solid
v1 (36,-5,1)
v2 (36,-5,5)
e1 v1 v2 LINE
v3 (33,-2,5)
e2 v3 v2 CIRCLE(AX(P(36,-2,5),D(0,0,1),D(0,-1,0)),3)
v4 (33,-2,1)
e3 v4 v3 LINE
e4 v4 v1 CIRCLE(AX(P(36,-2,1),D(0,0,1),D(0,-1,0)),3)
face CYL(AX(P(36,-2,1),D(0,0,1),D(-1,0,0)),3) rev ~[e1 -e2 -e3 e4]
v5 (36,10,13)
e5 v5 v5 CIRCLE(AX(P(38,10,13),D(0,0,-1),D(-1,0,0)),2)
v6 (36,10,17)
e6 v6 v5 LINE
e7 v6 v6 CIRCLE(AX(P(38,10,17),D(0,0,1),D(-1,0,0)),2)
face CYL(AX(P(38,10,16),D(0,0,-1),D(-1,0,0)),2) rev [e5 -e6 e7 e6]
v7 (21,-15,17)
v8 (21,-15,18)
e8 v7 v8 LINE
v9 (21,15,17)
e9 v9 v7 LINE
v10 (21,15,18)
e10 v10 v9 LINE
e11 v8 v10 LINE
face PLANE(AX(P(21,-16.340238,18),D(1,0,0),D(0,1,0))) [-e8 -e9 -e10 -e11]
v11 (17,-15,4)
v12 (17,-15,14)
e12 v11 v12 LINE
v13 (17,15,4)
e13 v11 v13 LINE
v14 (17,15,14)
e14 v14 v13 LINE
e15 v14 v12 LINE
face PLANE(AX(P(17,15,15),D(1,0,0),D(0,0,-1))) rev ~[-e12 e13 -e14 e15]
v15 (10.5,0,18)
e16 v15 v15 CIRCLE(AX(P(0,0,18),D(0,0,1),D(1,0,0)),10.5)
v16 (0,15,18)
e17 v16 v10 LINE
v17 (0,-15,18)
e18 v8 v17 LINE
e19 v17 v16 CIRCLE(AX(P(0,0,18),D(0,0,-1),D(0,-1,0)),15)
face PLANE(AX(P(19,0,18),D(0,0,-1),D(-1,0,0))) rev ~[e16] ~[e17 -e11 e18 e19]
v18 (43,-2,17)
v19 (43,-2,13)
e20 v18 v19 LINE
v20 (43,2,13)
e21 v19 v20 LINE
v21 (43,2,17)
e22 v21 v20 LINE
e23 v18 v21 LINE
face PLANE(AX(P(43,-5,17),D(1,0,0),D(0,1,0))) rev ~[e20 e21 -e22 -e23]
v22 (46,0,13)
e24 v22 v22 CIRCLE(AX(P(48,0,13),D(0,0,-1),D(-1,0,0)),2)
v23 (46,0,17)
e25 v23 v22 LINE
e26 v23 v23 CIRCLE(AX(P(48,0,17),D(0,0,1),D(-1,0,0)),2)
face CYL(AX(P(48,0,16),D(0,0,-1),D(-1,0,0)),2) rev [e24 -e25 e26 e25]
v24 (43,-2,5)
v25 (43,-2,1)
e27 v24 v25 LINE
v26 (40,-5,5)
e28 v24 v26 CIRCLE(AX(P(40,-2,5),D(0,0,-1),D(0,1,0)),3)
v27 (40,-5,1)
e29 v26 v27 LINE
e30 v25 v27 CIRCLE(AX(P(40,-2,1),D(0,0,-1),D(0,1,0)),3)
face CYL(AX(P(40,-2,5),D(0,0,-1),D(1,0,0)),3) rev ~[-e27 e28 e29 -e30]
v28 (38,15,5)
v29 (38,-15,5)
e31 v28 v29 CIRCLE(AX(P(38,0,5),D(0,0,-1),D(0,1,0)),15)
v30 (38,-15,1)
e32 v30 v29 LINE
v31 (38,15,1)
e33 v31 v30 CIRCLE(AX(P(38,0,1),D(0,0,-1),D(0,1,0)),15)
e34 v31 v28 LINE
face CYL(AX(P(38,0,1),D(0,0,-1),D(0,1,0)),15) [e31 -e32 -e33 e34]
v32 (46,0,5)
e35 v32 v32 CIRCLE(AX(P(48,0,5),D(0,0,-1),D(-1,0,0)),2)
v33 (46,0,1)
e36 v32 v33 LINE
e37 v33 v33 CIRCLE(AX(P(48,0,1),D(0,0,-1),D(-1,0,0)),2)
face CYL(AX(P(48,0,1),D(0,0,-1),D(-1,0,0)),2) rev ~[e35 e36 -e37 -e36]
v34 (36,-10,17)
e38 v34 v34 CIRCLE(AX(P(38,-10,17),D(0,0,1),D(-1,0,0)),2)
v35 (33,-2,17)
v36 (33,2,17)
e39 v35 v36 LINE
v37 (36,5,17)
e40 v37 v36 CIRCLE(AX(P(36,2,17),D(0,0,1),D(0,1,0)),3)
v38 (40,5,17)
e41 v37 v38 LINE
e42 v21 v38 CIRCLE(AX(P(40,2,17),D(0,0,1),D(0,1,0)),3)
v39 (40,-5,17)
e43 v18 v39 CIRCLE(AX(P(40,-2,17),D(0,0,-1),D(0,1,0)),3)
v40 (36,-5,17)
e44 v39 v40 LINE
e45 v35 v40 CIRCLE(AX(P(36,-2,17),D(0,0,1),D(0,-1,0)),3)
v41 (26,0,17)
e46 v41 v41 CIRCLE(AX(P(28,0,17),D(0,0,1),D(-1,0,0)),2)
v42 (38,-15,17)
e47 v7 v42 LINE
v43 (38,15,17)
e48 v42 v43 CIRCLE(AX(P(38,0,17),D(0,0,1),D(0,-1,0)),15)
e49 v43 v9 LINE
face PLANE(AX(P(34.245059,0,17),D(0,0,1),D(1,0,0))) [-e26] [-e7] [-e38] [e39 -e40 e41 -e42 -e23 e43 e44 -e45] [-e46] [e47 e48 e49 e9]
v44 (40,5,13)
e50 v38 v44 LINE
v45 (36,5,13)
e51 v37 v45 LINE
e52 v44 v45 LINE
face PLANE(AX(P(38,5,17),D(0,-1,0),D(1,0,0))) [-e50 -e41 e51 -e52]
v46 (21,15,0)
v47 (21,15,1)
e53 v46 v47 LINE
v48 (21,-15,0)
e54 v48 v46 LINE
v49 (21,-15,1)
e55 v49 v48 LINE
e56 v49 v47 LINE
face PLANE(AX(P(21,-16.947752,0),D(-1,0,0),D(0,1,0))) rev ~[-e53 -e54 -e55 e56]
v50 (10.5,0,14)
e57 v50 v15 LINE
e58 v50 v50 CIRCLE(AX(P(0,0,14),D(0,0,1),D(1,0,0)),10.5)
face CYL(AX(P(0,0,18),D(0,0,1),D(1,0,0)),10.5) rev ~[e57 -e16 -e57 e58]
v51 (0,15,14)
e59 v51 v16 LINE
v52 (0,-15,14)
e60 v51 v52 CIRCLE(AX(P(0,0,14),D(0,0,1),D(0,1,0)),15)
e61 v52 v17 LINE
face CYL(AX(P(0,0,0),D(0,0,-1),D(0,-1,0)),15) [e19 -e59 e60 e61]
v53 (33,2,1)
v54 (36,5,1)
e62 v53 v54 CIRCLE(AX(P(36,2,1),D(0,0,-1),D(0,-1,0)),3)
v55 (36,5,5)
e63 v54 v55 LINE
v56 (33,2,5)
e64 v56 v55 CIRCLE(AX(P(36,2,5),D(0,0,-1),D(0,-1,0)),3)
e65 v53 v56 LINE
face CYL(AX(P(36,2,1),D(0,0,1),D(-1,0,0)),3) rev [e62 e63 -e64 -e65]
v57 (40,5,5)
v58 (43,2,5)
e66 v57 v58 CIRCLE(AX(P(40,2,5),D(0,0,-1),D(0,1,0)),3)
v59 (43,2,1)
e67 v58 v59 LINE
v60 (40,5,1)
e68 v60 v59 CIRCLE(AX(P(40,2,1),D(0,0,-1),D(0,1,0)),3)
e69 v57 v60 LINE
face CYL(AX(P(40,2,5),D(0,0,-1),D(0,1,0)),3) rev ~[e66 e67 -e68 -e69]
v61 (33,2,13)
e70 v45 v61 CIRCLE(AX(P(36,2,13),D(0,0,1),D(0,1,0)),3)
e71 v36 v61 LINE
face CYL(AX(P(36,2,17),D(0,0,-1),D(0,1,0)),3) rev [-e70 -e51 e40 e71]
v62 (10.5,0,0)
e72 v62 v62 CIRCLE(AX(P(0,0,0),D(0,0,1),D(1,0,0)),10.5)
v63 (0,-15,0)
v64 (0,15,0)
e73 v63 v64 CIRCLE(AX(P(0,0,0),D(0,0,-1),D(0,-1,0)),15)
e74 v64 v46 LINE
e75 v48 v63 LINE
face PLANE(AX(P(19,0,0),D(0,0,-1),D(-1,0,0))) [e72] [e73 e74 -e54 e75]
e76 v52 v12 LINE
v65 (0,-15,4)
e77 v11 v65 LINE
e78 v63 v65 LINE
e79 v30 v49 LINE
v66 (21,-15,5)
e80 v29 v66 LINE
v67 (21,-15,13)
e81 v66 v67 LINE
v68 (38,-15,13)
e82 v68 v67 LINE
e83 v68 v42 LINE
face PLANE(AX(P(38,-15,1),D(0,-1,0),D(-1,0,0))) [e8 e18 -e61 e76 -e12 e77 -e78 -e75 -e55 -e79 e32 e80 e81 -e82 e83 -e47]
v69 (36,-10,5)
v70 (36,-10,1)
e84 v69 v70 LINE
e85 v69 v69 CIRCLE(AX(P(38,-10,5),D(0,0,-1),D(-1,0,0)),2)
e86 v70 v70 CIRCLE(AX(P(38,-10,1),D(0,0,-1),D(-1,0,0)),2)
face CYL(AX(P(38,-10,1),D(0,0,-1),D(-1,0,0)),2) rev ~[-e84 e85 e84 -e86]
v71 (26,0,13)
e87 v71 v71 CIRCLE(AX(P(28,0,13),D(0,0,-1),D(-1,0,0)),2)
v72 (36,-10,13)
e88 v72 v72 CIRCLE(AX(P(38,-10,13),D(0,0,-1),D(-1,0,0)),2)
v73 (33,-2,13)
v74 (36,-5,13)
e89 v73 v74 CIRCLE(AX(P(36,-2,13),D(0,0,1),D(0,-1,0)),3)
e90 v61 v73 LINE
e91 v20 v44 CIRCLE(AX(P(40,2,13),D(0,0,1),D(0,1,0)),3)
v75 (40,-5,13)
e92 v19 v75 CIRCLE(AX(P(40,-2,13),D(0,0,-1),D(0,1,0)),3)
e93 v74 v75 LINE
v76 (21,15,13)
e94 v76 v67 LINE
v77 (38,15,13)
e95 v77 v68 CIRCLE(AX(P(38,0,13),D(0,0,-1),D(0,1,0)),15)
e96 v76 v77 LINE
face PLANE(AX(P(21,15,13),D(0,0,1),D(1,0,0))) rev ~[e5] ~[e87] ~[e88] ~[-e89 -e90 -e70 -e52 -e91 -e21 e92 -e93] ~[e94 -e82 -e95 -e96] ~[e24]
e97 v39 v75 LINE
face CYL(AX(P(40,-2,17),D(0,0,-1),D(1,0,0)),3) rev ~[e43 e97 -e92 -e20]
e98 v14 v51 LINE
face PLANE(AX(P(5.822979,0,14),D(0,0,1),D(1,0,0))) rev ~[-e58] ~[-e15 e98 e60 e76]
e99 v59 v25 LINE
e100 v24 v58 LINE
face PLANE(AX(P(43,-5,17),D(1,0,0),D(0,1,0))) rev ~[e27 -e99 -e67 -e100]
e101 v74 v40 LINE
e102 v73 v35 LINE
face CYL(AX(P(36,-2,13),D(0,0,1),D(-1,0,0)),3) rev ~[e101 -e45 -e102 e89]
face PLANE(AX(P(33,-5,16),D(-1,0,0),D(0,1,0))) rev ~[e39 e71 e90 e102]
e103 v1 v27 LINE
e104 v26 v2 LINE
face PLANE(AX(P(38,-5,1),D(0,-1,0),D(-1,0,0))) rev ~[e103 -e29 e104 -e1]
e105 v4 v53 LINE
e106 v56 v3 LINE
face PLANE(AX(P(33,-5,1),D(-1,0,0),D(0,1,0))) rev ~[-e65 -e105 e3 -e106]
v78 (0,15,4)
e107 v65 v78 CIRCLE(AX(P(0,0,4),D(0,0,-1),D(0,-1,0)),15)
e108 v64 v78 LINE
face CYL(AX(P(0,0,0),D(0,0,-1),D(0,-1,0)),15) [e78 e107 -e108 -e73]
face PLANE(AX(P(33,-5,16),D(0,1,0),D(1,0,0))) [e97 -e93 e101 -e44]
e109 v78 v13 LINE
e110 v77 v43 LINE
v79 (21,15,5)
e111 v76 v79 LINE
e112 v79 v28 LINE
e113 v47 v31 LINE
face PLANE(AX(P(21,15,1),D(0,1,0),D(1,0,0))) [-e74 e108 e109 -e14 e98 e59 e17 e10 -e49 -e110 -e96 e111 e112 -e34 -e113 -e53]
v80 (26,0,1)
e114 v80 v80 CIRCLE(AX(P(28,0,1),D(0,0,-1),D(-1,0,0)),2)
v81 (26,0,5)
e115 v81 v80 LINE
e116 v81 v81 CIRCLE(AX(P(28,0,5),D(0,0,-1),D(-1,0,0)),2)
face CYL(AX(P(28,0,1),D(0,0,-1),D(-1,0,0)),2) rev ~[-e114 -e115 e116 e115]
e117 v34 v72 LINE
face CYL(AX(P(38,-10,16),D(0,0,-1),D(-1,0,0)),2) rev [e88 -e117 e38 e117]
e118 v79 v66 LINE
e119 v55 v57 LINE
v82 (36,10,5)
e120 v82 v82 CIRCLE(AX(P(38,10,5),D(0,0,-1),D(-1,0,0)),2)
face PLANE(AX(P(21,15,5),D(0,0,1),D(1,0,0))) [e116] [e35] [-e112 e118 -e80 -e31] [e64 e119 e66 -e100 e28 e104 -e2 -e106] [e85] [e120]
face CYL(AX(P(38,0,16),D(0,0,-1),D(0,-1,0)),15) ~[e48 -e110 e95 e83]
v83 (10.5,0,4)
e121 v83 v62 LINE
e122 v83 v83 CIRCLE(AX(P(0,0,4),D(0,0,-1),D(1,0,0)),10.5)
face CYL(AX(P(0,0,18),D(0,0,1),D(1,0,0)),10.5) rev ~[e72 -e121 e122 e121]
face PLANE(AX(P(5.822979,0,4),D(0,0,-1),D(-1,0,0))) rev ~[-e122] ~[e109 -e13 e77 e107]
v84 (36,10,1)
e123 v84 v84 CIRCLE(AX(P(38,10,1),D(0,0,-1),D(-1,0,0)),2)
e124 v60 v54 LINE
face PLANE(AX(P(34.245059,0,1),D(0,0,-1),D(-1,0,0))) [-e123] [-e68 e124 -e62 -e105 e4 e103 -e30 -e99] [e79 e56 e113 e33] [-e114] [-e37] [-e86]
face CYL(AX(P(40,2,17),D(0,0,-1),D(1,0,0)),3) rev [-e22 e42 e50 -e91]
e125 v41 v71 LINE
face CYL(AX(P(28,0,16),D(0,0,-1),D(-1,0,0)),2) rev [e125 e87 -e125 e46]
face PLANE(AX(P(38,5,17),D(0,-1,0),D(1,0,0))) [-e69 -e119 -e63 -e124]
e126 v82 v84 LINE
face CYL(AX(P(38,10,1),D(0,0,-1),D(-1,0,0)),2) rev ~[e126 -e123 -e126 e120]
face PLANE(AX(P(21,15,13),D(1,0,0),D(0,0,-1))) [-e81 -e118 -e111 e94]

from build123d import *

# Parameters (mm, degrees)
EXTRUDE_1_DEPTH     = 18
SKETCH_2_W          = 32
SKETCH_2_H          = 12
CUT_EXTRUDE_1_DEPTH = 34
SKETCH_3_W          = 32
SKETCH_3_H          = 8
CUT_EXTRUDE_2_DEPTH = 34
SKETCH_4_R          = 10.5
CUT_EXTRUDE_3_DEPTH = 34
SKETCH_5_W          = 36.797591779
SKETCH_5_H          = 31.340238438
CUT_EXTRUDE_4_DEPTH = 2
SKETCH_6_W          = 48.194095428
SKETCH_6_H          = 31.947752294
CUT_EXTRUDE_5_DEPTH = 2
SKETCH_7_R          = 2
CUT_EXTRUDE_6_DEPTH = 20
SKETCH_8_W          = 5
SKETCH_8_H          = 10
CUT_EXTRUDE_7_DEPTH = 20
SKETCH_9_R          = 10.5
EXTRUDE_2_DEPTH     = 4
SKETCH_10_R         = 10.5
EXTRUDE_3_DEPTH     = 4
SKETCH_11_R         = 2
SKETCH_11_W         = 5
SKETCH_11_H         = 10
EXTRUDE_4_DEPTH     = 1
EXTRUDE_START       = 1
SKETCH_12_R         = 2
SKETCH_12_W         = 5
SKETCH_12_H         = 10
EXTRUDE_5_DEPTH     = 1
SKETCH_13_W         = 5
SKETCH_13_H         = 10
CUT_EXTRUDE_8_DEPTH = 19
FILLET_1_R          = 3


with BuildPart() as part:
    # 草图1 → 凸台-拉伸1 (new body)
    with BuildSketch(Plane.XY):
        with BuildLine():
            Line((0, 15), (38, 15))
            ThreePointArc((38, 15), (53, 0), (38, -15))
            Line((38, -15), (0, -15))
            ThreePointArc((0, -15), (-15, 0), (0, 15))
        make_face()
    extrude(amount=EXTRUDE_1_DEPTH)

    # 草图2 → 切除-拉伸1 (cut)
    with BuildSketch(Plane(origin=(0, 15, 0), x_dir=(1, 0, 0), z_dir=(0, 1, 0))):
        with Locations((1, -9)):
            Rectangle(SKETCH_2_W, SKETCH_2_H)
    extrude(amount=-CUT_EXTRUDE_1_DEPTH, mode=Mode.SUBTRACT)

    # 草图3 → 切除-拉伸2 (cut)
    with BuildSketch(Plane(origin=(0, 15, 0), x_dir=(1, 0, 0), z_dir=(0, 1, 0))):
        with Locations((37, -9)):
            Rectangle(SKETCH_3_W, SKETCH_3_H)
    extrude(amount=-CUT_EXTRUDE_2_DEPTH, mode=Mode.SUBTRACT)

    # 草图4 → 切除-拉伸3 (cut)
    with BuildSketch(Plane.XY.offset(18)):
        Circle(SKETCH_4_R)
    extrude(amount=-CUT_EXTRUDE_3_DEPTH, mode=Mode.SUBTRACT)

    # 草图5 → 切除-拉伸4 (cut)
    with BuildSketch(Plane.XY.offset(18)):
        with Locations((39.39879589, -0.670119219)):
            Rectangle(SKETCH_5_W, SKETCH_5_H)
    extrude(amount=-CUT_EXTRUDE_4_DEPTH, mode=Mode.SUBTRACT)

    # 草图6 → 切除-拉伸5 (cut)
    with BuildSketch(Plane(origin=(0, 0, 0), x_dir=(-1, 0, 0), z_dir=(0, 0, -1))):
        with Locations((-45.097047714, -0.973876147)):
            Rectangle(SKETCH_6_W, SKETCH_6_H)
    extrude(amount=-CUT_EXTRUDE_5_DEPTH, mode=Mode.SUBTRACT)

    # 草图7 → 切除-拉伸6 (cut)
    with BuildSketch(Plane(origin=(0, 0, 2), x_dir=(-1, 0, 0), z_dir=(0, 0, -1))):
        with Locations((-48, 0)):
            Circle(SKETCH_7_R)
        with Locations((-38, 10)):
            Circle(SKETCH_7_R)
        with Locations((-28, 0)):
            Circle(SKETCH_7_R)
        with Locations((-38, -10)):
            Circle(SKETCH_7_R)
    extrude(amount=-CUT_EXTRUDE_6_DEPTH, mode=Mode.SUBTRACT)

    # 草图8 → 切除-拉伸7 (cut)
    with BuildSketch(Plane(origin=(0, 0, 2), x_dir=(-1, 0, 0), z_dir=(0, 0, -1))):
        with Locations((-35.5, 0)):
            Rectangle(SKETCH_8_W, SKETCH_8_H)
    extrude(amount=-CUT_EXTRUDE_7_DEPTH, mode=Mode.SUBTRACT)

    # 草图9 → 凸台-拉伸2 (add)
    with BuildSketch(Plane(origin=(0, 0, 0), x_dir=(-1, 0, 0), z_dir=(0, 0, -1))):
        with BuildLine():
            Line((0, 15), (-21, 15))
            Line((-21, 15), (-21, -15))
            Line((-21, -15), (0, -15))
            ThreePointArc((0, -15), (15, 0), (0, 15))
        make_face()
        with Locations(Location((0, 0, 0), (0, 0, 180))):
            Circle(SKETCH_9_R, mode=Mode.SUBTRACT)
    extrude(amount=-EXTRUDE_2_DEPTH)

    # 草图10 → 凸台-拉伸3 (add)
    with BuildSketch(Plane.XY.offset(18)):
        with BuildLine():
            Line((21, -15), (21, 15))
            Line((21, 15), (0, 15))
            ThreePointArc((0, 15), (-15, 0), (0, -15))
            Line((0, -15), (21, -15))
        make_face()
        Circle(SKETCH_10_R, mode=Mode.SUBTRACT)
    extrude(amount=-EXTRUDE_3_DEPTH)

    # 草图11 → 凸台-拉伸4 (add)
    with BuildSketch(Plane.XY.offset(16)):
        with BuildLine():
            Line((21, -15), (38, -15))
            ThreePointArc((38, -15), (53, 0), (38, 15))
            Line((38, 15), (21, 15))
            Line((21, 15), (21, -15))
        make_face()
        with Locations(Location((38, 10, 0), (0, 0, 180))):
            Circle(SKETCH_11_R, mode=Mode.SUBTRACT)
        with Locations(Location((38, -10, 0), (0, 0, 180))):
            Circle(SKETCH_11_R, mode=Mode.SUBTRACT)
        with Locations(Location((28, 0, 0), (0, 0, 180))):
            Circle(SKETCH_11_R, mode=Mode.SUBTRACT)
        with Locations(Location((48, 0, 0), (0, 0, 180))):
            Circle(SKETCH_11_R, mode=Mode.SUBTRACT)
        with Locations((35.5, 0)):
            Rectangle(SKETCH_11_W, SKETCH_11_H, mode=Mode.SUBTRACT)
    extrude(amount=EXTRUDE_4_DEPTH)

    # 草图12 → 凸台-拉伸5 (add)
    with BuildSketch(Plane(origin=(0, 0, 2), x_dir=(-1, 0, 0), z_dir=(0, 0, -1)).offset(EXTRUDE_START)):
        with BuildLine():
            Line((-21, -15), (-21, 15))
            Line((-21, 15), (-38, 15))
            ThreePointArc((-38, 15), (-53, 0), (-38, -15))
            Line((-38, -15), (-21, -15))
        make_face()
        with Locations((-48, 0)):
            Circle(SKETCH_12_R, mode=Mode.SUBTRACT)
        with Locations((-38, -10)):
            Circle(SKETCH_12_R, mode=Mode.SUBTRACT)
        with Locations((-28, 0)):
            Circle(SKETCH_12_R, mode=Mode.SUBTRACT)
        with Locations((-38, 10)):
            Circle(SKETCH_12_R, mode=Mode.SUBTRACT)
        with Locations((-35.5, 0)):
            Rectangle(SKETCH_12_W, SKETCH_12_H, mode=Mode.SUBTRACT)
    extrude(amount=-EXTRUDE_5_DEPTH)

    # 草图13 → 切除-拉伸8 (cut)
    with BuildSketch(Plane.XY.offset(17)):
        with Locations((40.5, 0)):
            Rectangle(SKETCH_13_W, SKETCH_13_H)
    extrude(amount=-CUT_EXTRUDE_8_DEPTH, mode=Mode.SUBTRACT)

    # 圆角1
    fillet_1_edges = [part.edges().sort_by_distance(p)[0] for p in [
        (33, 5, 14.5),
        (33, 5, 3),
        (33, -5, 14.5),
        (33, -5, 3),
        (43, 5, 15),
        (43, 5, 3),
        (43, -5, 15),
        (43, -5, 3),
    ]]
    fillet(fillet_1_edges, radius=FILLET_1_R)


solid = part.part
